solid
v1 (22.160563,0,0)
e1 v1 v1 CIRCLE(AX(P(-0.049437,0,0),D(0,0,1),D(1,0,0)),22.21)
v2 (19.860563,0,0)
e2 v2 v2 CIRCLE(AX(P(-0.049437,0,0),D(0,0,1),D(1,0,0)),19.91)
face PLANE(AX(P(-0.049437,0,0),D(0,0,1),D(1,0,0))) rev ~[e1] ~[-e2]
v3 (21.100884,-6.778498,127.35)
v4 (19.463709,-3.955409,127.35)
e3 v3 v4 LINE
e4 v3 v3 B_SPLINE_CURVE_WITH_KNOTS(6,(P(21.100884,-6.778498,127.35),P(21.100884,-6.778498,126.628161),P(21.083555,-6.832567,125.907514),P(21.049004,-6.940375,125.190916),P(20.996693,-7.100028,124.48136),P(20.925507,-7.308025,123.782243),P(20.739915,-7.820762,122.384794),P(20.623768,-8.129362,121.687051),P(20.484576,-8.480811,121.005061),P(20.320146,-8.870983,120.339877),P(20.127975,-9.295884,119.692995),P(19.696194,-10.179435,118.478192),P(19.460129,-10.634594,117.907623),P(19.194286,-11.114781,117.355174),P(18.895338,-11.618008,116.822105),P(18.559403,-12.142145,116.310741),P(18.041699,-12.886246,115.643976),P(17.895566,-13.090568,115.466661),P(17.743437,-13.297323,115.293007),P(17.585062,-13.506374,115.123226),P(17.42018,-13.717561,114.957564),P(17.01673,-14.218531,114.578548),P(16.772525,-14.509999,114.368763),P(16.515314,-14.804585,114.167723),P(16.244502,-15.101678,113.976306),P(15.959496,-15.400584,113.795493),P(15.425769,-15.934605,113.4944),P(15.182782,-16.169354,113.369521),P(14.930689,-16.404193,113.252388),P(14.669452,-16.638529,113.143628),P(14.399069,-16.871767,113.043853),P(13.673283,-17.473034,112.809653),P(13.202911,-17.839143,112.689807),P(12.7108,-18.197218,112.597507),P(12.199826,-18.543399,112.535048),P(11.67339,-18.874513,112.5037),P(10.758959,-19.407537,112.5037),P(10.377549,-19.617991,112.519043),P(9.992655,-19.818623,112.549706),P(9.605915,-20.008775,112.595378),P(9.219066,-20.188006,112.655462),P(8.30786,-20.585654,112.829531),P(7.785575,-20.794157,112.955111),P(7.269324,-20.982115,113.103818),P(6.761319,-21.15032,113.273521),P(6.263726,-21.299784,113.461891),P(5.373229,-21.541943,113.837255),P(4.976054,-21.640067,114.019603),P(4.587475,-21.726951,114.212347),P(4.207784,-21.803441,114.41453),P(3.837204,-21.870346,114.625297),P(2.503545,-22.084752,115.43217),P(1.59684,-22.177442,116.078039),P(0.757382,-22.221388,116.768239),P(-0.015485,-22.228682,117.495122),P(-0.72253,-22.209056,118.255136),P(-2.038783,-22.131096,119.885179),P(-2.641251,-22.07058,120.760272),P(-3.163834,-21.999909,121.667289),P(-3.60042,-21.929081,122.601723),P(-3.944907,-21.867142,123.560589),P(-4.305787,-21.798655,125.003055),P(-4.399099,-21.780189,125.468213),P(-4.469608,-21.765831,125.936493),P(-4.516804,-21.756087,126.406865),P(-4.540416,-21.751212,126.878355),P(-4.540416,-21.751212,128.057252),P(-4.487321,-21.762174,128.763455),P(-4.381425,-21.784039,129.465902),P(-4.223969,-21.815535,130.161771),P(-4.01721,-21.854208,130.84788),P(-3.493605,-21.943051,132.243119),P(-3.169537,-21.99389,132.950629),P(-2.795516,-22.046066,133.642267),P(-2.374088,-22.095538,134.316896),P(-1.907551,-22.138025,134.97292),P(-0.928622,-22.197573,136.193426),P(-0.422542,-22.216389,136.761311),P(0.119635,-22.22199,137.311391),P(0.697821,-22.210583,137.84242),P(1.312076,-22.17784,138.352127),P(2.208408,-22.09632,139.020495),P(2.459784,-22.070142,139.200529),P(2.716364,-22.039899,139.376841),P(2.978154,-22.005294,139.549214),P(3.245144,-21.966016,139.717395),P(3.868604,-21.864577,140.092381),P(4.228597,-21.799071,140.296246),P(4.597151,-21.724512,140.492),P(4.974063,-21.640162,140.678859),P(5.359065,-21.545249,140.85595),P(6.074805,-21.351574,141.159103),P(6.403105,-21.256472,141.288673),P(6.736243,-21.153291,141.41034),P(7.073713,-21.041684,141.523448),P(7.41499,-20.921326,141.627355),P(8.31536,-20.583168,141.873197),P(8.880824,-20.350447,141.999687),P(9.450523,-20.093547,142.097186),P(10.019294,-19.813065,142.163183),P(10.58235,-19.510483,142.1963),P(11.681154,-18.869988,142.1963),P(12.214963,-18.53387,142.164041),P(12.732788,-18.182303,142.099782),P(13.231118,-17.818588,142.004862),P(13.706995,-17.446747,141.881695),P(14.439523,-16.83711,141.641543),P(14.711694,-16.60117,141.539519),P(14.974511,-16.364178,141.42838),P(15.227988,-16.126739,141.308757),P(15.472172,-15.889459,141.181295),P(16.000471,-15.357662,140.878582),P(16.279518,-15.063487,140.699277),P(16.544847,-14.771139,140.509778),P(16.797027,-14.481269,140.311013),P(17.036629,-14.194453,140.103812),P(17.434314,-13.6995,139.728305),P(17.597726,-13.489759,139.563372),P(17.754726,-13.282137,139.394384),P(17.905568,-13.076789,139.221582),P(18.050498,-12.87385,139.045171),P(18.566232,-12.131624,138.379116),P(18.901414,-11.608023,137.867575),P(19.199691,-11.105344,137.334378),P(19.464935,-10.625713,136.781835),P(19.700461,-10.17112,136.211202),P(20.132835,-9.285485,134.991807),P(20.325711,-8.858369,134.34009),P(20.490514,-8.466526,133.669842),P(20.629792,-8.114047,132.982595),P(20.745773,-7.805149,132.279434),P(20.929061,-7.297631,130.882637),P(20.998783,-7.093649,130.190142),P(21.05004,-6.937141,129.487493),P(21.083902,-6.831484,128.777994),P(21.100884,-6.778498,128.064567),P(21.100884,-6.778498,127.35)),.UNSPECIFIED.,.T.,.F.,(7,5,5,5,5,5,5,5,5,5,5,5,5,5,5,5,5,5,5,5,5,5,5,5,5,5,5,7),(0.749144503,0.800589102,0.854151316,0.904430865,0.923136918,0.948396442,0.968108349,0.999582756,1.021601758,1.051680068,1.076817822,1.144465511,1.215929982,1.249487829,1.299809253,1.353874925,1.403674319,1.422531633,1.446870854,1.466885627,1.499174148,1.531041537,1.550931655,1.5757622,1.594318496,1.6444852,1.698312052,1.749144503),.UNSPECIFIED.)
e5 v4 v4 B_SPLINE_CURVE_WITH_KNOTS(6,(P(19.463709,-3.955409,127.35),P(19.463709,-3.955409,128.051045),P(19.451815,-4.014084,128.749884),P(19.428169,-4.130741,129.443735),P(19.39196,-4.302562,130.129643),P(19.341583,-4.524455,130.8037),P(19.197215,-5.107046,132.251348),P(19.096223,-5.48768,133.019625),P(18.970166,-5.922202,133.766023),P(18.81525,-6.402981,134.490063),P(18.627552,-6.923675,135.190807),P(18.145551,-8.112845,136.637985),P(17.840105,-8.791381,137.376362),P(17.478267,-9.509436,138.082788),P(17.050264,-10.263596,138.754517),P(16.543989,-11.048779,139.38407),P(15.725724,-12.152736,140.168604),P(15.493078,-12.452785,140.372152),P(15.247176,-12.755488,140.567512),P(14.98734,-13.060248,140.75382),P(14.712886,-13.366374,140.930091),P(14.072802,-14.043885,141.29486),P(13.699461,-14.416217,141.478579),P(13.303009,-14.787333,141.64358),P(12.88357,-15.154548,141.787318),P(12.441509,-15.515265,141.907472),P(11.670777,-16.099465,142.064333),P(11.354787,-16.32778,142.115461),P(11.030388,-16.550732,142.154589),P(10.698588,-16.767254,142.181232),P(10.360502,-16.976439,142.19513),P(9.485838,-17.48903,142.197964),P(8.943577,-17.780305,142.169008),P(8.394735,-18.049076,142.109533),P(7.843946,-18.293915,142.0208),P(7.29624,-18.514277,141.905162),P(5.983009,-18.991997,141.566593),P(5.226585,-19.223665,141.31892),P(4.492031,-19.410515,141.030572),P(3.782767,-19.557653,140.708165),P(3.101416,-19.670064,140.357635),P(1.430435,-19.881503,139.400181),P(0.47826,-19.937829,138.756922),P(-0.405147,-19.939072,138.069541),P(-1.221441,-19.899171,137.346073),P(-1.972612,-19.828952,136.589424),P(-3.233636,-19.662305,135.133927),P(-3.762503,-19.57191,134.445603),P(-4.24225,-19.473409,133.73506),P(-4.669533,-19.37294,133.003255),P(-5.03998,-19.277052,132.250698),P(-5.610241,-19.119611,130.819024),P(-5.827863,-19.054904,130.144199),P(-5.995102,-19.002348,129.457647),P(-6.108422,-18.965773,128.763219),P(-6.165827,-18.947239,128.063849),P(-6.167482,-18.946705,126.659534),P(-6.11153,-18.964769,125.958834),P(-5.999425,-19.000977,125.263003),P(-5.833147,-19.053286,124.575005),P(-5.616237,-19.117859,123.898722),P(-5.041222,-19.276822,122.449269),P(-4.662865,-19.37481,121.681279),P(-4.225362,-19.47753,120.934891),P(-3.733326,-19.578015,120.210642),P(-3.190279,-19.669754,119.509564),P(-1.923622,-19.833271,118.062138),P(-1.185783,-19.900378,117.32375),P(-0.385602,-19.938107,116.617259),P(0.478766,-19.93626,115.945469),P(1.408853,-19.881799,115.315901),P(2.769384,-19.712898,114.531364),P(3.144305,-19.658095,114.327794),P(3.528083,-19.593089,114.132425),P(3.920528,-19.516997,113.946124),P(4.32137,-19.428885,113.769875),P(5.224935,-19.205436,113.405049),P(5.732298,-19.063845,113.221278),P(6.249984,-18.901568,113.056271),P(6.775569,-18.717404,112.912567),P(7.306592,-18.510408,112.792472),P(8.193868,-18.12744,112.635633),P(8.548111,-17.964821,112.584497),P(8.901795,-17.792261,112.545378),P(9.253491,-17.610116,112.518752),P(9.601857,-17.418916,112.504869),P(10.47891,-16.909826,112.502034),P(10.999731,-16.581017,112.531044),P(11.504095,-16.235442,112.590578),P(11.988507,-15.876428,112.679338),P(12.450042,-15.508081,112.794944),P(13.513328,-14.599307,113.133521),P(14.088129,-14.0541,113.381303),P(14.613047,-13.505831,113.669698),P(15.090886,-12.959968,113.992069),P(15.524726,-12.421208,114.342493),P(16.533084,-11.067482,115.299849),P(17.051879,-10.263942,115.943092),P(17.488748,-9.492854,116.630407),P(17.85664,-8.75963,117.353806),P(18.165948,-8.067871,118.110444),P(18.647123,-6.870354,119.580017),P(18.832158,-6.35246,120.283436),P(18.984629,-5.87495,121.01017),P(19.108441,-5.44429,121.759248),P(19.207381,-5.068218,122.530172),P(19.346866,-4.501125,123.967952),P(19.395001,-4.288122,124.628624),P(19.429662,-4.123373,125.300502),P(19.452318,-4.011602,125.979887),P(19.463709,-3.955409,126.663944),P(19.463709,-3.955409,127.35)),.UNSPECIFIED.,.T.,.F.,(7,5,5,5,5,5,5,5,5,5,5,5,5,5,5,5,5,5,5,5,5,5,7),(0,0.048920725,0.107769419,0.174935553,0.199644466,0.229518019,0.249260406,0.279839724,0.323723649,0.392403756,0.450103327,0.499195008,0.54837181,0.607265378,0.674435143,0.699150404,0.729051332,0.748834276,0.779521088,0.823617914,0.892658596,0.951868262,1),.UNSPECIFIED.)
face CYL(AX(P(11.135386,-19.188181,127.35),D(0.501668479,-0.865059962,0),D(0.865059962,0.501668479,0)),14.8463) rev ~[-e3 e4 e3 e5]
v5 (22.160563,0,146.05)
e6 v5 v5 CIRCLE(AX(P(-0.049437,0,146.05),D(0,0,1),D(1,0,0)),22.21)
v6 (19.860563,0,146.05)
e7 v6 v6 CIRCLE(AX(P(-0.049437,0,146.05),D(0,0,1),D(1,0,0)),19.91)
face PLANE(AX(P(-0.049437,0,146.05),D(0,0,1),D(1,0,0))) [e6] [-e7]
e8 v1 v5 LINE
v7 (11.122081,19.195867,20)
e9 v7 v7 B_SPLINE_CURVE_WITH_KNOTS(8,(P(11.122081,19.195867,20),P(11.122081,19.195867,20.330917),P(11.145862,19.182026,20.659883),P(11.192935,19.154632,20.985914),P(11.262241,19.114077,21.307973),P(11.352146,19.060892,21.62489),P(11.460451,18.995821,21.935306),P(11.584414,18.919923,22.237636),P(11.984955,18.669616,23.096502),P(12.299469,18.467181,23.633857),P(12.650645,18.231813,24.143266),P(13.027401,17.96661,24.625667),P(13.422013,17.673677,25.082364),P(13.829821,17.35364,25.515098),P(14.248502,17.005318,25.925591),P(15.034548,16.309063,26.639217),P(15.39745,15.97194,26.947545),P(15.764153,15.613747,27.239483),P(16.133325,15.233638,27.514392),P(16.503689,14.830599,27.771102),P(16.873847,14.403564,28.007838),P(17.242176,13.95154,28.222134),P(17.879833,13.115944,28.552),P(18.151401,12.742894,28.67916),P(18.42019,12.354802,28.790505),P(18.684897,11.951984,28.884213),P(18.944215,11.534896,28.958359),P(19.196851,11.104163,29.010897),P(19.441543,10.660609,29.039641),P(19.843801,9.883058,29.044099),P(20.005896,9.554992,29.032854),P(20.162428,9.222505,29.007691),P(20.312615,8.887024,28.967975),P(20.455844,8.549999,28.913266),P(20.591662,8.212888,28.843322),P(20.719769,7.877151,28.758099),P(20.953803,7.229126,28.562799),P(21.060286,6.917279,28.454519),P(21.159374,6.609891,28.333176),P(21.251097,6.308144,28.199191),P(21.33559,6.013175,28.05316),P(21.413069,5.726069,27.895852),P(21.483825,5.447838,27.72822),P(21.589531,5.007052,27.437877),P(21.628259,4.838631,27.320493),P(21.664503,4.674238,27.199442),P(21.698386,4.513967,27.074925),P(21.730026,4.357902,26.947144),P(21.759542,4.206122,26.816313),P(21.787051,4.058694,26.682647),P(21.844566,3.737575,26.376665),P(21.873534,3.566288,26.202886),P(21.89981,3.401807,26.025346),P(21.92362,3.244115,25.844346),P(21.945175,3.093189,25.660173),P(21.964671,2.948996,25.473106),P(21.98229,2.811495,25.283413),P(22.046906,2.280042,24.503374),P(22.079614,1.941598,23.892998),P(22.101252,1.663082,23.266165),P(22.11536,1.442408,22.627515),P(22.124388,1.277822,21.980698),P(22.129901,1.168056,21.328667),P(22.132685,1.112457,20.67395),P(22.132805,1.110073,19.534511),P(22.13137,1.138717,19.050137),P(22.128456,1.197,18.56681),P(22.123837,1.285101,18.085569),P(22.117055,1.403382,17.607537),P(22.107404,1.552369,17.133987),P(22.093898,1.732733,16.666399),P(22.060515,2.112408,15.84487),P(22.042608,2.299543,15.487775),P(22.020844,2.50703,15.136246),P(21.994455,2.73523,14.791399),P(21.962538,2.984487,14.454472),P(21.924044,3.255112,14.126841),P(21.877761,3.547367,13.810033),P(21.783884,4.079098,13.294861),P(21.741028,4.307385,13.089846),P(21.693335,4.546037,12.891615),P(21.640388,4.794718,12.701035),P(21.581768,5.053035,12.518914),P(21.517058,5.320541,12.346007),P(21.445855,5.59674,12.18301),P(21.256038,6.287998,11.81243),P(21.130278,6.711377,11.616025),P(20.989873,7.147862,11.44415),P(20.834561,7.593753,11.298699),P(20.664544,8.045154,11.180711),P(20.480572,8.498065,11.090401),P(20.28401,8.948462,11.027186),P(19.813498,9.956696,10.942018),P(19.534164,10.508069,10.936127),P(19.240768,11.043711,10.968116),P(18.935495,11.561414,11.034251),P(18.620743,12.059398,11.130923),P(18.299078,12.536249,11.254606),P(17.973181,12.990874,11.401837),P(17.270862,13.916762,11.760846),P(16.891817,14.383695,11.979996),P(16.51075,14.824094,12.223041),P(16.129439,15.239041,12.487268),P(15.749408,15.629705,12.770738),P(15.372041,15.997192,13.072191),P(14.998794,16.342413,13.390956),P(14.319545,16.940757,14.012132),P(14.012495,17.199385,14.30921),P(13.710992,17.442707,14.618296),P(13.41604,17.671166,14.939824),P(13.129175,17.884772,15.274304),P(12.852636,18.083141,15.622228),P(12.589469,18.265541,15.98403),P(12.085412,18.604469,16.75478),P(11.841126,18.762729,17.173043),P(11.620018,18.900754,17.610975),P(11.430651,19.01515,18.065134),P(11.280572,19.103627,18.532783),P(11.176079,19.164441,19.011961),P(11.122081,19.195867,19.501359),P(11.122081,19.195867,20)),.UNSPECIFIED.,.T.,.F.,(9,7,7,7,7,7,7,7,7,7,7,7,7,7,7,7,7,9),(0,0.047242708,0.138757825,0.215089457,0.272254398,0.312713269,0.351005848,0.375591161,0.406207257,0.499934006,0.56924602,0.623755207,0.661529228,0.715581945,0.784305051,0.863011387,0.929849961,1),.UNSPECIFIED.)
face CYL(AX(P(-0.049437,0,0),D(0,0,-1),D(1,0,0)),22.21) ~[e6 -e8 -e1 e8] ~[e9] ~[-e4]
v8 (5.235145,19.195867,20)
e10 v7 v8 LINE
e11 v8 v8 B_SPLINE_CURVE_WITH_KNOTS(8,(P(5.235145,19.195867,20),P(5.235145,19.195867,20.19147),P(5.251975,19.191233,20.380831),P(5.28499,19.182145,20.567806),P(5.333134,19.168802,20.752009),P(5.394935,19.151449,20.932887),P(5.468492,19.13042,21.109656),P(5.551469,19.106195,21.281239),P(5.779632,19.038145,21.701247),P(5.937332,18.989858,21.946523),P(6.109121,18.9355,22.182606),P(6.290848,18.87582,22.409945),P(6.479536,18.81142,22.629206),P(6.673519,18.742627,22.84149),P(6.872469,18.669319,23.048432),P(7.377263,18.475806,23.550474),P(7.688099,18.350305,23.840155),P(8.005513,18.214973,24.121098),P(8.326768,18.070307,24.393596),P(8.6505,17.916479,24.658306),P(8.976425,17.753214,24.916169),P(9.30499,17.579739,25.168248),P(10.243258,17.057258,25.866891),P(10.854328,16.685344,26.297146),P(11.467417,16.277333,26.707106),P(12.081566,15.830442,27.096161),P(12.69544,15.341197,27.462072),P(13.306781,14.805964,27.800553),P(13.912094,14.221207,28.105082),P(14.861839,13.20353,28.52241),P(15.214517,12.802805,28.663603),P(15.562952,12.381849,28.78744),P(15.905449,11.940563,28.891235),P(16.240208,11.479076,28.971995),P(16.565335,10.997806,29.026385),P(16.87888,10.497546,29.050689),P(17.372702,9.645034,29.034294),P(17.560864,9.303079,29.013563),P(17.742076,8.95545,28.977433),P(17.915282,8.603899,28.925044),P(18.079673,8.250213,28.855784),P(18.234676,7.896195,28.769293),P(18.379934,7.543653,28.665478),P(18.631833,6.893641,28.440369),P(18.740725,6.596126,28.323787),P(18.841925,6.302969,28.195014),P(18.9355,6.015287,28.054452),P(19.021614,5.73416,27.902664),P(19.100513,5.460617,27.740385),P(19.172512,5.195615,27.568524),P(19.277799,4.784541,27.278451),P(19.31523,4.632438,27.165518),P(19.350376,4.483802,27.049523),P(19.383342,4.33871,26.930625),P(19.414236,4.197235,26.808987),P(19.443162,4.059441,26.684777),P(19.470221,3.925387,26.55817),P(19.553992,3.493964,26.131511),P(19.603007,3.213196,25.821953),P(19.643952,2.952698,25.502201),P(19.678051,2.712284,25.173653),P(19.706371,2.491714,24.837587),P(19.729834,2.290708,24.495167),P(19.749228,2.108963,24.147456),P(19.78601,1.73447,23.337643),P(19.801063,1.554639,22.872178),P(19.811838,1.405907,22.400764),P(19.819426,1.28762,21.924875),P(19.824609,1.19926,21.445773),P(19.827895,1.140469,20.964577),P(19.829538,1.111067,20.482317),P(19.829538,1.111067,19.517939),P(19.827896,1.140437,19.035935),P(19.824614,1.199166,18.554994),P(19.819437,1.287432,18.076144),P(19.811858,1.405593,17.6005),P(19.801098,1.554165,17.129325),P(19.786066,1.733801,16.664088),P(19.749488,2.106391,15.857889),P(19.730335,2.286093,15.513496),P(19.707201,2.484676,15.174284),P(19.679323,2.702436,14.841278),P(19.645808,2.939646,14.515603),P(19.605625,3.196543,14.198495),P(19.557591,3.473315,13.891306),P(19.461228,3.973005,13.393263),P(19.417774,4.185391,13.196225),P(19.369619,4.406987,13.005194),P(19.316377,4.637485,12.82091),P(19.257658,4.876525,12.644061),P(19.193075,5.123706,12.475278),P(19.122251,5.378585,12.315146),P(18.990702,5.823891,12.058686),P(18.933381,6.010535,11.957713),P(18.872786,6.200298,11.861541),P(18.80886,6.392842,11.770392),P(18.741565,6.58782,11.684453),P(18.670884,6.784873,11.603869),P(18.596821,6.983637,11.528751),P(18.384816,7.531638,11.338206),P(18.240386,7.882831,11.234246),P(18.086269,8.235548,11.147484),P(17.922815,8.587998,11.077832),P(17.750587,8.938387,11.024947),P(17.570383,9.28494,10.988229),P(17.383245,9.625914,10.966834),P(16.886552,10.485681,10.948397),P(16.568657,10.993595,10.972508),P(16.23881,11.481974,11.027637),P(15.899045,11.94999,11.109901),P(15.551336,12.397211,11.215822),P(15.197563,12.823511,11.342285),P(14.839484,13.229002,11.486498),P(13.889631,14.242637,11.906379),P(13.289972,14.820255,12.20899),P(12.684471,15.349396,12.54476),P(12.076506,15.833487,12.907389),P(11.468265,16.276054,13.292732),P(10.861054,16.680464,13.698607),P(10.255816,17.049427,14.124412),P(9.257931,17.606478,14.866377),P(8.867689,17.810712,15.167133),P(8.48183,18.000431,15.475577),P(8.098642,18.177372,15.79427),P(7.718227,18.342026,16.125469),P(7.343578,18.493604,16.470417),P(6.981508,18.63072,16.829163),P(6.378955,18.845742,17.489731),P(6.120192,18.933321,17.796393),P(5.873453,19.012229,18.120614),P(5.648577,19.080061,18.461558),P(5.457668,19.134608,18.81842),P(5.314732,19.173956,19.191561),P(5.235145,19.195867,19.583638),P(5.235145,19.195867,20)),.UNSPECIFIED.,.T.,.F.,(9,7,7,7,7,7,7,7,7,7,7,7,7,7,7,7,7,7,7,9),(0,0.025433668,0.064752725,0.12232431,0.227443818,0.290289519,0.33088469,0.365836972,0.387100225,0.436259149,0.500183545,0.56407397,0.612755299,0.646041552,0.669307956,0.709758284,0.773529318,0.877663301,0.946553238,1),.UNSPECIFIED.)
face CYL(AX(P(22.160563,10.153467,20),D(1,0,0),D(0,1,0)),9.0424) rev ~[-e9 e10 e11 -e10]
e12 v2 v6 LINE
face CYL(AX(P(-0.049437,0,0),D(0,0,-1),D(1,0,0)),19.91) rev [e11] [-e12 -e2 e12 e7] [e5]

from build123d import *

# Parameters (mm, degrees)
SKETCH1_R               = 22.21
SKETCH1_R_2             = 19.91
BOSS_EXTRUDE1_DEPTH     = 146.05
CUT_EXTRUDE2_REACH      = 157.431
CUT_EXTRUDE2_END_RADIUS = 19.91
SKETCH5_R               = 14.8463
CUT_EXTRUDE3_REACH      = 156.263
SKETCH4_R               = 9.0424


with BuildPart() as part:
    # Sketch1 → Boss-Extrude1 (new body)
    with BuildSketch(Plane.XY):
        with Locations((-0.049436733, 0)):
            Circle(SKETCH1_R)
        with Locations((-0.049436733, 0)):
            Circle(SKETCH1_R_2, mode=Mode.SUBTRACT)
    extrude(amount=BOSS_EXTRUDE1_DEPTH)

    # Cut-Extrude2: up to this cylinder (the profile starts outside it)
    cut_extrude2_end = Plane(origin=(-0.049436733, 0, 127.35), z_dir=(0, 0, -1)) * Cylinder(CUT_EXTRUDE2_END_RADIUS, 355.682, mode=Mode.PRIVATE)
    # Sketch5 → Cut-Extrude2 (cut, up to the surface)
    with BuildSketch(Plane(origin=(11.092620184, -19.212981748, 146.05), x_dir=(-0.8650599616540103, -0.5016684789212517, 0), z_dir=(0.5016684789212515, -0.8650599616540102, 0)), mode=Mode.PRIVATE) as cut_extrude2_sk1:
        with Locations(Location((-0.049436639, 18.7, 0), (0, 0, 180))):
            Circle(SKETCH5_R)
    cut_extrude2_tool1 = extrude(cut_extrude2_sk1.sketch, amount=-CUT_EXTRUDE2_REACH, mode=Mode.PRIVATE) - cut_extrude2_end
    add(cut_extrude2_tool1.solids().sort_by_distance((11.135386, -19.188181, 127.35))[0], mode=Mode.SUBTRACT)

    # Sketch4 → Cut-Extrude3 (cut, up to next)
    with BuildSketch(Plane(origin=(22.160563267, 0, 146.05), x_dir=(0, 0, -1), z_dir=(1, 0, 0)), mode=Mode.PRIVATE) as cut_extrude3_sk1:
        with Locations(Location((126.05, 10.153466667, 0), (0, 0, 90))):
            Circle(SKETCH4_R)
    cut_extrude3_tool1 = extrude(cut_extrude3_sk1.sketch, amount=-CUT_EXTRUDE3_REACH, mode=Mode.PRIVATE) & part.part
    add(cut_extrude3_tool1.solids().sort_by_distance((22.160563, 10.153467, 20))[0], mode=Mode.SUBTRACT)


solid = part.part
